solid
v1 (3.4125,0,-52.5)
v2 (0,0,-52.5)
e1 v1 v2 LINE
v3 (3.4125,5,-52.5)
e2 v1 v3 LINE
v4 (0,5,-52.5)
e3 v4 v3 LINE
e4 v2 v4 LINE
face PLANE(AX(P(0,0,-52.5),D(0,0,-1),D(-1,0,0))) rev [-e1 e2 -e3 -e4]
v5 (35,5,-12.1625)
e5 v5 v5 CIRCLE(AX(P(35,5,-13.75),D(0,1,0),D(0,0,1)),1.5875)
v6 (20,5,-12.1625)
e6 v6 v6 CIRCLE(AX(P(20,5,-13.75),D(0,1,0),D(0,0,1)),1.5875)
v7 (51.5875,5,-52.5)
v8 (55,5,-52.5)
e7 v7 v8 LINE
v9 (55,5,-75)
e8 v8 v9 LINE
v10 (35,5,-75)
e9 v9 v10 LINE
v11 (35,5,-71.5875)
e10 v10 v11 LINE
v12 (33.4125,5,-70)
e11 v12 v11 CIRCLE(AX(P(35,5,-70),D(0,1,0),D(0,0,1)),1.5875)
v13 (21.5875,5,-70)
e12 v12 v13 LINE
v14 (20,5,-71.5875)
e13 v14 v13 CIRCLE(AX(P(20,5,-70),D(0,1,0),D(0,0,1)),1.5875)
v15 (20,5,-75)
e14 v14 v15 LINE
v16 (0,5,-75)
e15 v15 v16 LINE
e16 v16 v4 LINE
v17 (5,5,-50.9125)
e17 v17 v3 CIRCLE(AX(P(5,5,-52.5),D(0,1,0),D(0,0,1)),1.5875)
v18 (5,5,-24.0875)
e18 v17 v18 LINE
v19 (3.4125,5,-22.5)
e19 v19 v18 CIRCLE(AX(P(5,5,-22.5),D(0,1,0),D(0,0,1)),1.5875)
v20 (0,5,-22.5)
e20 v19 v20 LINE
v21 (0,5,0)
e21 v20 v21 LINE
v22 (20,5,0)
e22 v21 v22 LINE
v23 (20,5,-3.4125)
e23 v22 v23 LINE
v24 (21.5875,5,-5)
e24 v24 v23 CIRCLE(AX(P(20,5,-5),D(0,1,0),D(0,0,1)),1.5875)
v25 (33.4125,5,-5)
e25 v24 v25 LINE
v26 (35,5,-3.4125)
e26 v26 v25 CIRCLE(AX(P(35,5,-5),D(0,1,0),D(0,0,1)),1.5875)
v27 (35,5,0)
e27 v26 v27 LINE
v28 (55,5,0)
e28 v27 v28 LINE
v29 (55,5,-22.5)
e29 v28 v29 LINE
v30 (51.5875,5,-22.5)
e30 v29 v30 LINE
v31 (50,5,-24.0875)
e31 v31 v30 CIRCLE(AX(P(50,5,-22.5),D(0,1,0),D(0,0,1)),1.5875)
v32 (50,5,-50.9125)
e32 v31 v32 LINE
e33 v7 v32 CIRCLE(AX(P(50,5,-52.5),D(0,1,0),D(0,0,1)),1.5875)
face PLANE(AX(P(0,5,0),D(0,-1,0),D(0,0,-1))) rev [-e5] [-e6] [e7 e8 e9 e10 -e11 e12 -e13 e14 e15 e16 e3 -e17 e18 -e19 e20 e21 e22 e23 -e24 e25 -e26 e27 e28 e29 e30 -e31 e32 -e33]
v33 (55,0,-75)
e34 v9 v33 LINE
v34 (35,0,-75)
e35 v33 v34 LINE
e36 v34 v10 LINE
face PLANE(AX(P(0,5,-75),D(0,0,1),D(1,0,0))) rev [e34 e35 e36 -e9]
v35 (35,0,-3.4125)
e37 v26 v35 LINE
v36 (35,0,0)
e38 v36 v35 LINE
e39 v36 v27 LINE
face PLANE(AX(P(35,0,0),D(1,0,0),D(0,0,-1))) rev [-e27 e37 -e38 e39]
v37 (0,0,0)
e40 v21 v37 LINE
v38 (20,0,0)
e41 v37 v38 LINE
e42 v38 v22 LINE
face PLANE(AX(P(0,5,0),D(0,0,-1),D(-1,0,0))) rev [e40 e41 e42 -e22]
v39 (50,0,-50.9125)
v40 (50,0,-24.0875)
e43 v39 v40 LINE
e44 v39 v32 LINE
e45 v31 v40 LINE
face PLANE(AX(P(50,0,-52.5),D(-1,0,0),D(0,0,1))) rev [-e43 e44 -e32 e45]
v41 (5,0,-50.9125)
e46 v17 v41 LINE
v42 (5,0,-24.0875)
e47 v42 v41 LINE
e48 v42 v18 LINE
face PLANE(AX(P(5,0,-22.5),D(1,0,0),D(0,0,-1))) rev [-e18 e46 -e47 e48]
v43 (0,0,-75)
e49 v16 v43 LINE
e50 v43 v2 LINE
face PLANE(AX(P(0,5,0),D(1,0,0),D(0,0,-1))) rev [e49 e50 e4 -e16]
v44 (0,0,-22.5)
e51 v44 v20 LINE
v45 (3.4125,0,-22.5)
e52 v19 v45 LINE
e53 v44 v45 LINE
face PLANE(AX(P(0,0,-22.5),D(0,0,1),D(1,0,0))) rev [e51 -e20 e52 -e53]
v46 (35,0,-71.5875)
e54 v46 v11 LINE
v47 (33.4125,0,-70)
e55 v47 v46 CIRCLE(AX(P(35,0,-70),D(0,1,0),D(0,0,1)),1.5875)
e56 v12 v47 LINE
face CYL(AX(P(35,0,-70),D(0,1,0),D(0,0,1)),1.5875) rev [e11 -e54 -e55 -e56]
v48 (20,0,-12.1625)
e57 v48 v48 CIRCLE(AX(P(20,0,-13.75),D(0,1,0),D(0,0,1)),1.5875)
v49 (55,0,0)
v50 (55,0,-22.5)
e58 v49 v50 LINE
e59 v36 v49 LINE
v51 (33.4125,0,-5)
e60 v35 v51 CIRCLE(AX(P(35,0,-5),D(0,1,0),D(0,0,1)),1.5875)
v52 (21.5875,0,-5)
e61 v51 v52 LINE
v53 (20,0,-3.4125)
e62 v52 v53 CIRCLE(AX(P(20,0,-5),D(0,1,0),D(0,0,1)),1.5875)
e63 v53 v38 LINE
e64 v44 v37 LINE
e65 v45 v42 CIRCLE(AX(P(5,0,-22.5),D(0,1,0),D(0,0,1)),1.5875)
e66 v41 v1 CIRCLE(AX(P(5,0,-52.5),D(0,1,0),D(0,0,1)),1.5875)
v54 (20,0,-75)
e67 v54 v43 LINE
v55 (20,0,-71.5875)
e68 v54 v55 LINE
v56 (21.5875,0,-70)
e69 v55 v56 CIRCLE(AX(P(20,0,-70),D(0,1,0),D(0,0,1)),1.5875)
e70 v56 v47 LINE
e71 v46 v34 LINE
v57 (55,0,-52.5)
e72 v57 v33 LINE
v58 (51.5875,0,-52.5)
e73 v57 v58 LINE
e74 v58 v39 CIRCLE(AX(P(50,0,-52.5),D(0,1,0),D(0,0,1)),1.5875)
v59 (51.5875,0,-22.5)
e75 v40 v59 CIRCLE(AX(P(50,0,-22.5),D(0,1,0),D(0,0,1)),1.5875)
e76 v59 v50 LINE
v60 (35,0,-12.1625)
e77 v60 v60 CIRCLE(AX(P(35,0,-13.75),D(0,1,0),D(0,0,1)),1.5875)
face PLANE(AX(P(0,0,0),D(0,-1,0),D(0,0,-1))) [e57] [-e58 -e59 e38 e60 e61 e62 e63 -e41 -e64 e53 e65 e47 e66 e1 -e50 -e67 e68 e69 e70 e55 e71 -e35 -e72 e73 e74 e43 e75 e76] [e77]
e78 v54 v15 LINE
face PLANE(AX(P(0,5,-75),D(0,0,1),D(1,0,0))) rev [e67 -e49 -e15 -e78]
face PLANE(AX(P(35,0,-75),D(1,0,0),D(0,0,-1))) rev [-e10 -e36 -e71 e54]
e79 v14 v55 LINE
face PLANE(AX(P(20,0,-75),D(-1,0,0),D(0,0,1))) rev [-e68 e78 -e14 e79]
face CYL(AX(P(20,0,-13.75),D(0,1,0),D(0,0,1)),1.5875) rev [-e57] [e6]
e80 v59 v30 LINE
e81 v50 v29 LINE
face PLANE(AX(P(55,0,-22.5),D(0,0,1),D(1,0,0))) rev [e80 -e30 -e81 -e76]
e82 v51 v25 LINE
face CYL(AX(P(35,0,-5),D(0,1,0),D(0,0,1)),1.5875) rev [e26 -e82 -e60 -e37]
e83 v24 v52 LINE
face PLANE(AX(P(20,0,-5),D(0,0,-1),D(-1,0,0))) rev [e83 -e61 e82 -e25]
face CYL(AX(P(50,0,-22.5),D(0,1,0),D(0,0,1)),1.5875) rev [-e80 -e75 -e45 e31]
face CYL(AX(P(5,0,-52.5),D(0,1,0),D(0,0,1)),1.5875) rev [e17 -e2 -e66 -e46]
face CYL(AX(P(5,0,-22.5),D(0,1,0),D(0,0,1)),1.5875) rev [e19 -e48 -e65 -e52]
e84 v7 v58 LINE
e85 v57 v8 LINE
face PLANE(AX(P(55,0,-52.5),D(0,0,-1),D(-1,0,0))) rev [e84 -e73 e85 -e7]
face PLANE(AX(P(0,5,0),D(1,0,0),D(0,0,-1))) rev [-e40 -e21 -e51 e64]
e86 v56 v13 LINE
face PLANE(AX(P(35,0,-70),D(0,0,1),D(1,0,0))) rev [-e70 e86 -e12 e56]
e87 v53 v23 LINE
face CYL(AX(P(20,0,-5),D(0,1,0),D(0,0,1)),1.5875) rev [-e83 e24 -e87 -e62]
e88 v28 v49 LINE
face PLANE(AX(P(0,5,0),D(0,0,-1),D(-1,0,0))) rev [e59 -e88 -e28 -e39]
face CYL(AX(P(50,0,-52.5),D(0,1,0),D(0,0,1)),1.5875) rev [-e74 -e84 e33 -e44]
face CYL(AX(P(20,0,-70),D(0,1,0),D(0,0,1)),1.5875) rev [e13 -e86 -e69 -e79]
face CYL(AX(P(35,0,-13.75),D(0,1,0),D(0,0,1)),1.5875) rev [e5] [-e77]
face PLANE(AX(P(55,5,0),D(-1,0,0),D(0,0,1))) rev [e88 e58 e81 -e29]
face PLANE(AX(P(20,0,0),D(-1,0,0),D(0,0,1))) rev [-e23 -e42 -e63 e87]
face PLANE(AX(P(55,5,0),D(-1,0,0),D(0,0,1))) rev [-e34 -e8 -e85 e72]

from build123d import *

# Parameters (mm, degrees)
SKETCH1_W               = 55
SKETCH1_H               = 75
BOSS_EXTRUDE1_DEPTH     = 5
SKETCH5_W               = 5
SKETCH5_H               = 30
SKETCH5_W_2             = 15
SKETCH5_H_2             = 5
CUT_EXTRUDE3_DEPTH      = 1
CUT_EXTRUDE3_DEPTH_BACK = 6
SKETCH6_R               = 1.5875
CUT_EXTRUDE4_DEPTH      = 6


with BuildPart() as part:
    # Sketch1 → Boss-Extrude1 (new body)
    with BuildSketch(Plane(origin=(0, 0, 0), x_dir=(1, 0, 0), z_dir=(0, 1, 0))):
        with Locations((27.5, 37.5)):
            Rectangle(SKETCH1_W, SKETCH1_H)
    extrude(amount=BOSS_EXTRUDE1_DEPTH)

    # Sketch5 → Cut-Extrude3 (cut, two sides)
    with BuildSketch(Plane(origin=(0, 5, 0), x_dir=(1, 0, 0), z_dir=(0, 1, 0))) as cut_extrude3_sk:
        with Locations((2.5, 37.5)):
            Rectangle(SKETCH5_W, SKETCH5_H)
        with Locations((27.5, 72.5)):
            Rectangle(SKETCH5_W_2, SKETCH5_H_2)
        with Locations((52.5, 37.5)):
            Rectangle(SKETCH5_W, SKETCH5_H)
        with Locations((27.5, 2.5)):
            Rectangle(SKETCH5_W_2, SKETCH5_H_2)
    extrude(amount=CUT_EXTRUDE3_DEPTH, mode=Mode.SUBTRACT)
    extrude(cut_extrude3_sk.sketch, amount=-CUT_EXTRUDE3_DEPTH_BACK, mode=Mode.SUBTRACT)

    # Sketch6 → Cut-Extrude4 (cut, through all)
    with BuildSketch(Plane(origin=(0, 5, 0), x_dir=(1, 0, 0), z_dir=(0, 1, 0))):
        with Locations((5, 52.5)):
            Circle(SKETCH6_R)
        with Locations((5, 22.5)):
            Circle(SKETCH6_R)
        with Locations((20, 5)):
            Circle(SKETCH6_R)
        with Locations((35, 5)):
            Circle(SKETCH6_R)
        with Locations((50, 22.5)):
            Circle(SKETCH6_R)
        with Locations((50, 52.5)):
            Circle(SKETCH6_R)
        with Locations((35, 70)):
            Circle(SKETCH6_R)
        with Locations((20, 70)):
            Circle(SKETCH6_R)
        with Locations((20, 13.75)):
            Circle(SKETCH6_R)
        with Locations((35, 13.75)):
            Circle(SKETCH6_R)
    extrude(amount=-CUT_EXTRUDE4_DEPTH, mode=Mode.SUBTRACT)


solid = part.part
